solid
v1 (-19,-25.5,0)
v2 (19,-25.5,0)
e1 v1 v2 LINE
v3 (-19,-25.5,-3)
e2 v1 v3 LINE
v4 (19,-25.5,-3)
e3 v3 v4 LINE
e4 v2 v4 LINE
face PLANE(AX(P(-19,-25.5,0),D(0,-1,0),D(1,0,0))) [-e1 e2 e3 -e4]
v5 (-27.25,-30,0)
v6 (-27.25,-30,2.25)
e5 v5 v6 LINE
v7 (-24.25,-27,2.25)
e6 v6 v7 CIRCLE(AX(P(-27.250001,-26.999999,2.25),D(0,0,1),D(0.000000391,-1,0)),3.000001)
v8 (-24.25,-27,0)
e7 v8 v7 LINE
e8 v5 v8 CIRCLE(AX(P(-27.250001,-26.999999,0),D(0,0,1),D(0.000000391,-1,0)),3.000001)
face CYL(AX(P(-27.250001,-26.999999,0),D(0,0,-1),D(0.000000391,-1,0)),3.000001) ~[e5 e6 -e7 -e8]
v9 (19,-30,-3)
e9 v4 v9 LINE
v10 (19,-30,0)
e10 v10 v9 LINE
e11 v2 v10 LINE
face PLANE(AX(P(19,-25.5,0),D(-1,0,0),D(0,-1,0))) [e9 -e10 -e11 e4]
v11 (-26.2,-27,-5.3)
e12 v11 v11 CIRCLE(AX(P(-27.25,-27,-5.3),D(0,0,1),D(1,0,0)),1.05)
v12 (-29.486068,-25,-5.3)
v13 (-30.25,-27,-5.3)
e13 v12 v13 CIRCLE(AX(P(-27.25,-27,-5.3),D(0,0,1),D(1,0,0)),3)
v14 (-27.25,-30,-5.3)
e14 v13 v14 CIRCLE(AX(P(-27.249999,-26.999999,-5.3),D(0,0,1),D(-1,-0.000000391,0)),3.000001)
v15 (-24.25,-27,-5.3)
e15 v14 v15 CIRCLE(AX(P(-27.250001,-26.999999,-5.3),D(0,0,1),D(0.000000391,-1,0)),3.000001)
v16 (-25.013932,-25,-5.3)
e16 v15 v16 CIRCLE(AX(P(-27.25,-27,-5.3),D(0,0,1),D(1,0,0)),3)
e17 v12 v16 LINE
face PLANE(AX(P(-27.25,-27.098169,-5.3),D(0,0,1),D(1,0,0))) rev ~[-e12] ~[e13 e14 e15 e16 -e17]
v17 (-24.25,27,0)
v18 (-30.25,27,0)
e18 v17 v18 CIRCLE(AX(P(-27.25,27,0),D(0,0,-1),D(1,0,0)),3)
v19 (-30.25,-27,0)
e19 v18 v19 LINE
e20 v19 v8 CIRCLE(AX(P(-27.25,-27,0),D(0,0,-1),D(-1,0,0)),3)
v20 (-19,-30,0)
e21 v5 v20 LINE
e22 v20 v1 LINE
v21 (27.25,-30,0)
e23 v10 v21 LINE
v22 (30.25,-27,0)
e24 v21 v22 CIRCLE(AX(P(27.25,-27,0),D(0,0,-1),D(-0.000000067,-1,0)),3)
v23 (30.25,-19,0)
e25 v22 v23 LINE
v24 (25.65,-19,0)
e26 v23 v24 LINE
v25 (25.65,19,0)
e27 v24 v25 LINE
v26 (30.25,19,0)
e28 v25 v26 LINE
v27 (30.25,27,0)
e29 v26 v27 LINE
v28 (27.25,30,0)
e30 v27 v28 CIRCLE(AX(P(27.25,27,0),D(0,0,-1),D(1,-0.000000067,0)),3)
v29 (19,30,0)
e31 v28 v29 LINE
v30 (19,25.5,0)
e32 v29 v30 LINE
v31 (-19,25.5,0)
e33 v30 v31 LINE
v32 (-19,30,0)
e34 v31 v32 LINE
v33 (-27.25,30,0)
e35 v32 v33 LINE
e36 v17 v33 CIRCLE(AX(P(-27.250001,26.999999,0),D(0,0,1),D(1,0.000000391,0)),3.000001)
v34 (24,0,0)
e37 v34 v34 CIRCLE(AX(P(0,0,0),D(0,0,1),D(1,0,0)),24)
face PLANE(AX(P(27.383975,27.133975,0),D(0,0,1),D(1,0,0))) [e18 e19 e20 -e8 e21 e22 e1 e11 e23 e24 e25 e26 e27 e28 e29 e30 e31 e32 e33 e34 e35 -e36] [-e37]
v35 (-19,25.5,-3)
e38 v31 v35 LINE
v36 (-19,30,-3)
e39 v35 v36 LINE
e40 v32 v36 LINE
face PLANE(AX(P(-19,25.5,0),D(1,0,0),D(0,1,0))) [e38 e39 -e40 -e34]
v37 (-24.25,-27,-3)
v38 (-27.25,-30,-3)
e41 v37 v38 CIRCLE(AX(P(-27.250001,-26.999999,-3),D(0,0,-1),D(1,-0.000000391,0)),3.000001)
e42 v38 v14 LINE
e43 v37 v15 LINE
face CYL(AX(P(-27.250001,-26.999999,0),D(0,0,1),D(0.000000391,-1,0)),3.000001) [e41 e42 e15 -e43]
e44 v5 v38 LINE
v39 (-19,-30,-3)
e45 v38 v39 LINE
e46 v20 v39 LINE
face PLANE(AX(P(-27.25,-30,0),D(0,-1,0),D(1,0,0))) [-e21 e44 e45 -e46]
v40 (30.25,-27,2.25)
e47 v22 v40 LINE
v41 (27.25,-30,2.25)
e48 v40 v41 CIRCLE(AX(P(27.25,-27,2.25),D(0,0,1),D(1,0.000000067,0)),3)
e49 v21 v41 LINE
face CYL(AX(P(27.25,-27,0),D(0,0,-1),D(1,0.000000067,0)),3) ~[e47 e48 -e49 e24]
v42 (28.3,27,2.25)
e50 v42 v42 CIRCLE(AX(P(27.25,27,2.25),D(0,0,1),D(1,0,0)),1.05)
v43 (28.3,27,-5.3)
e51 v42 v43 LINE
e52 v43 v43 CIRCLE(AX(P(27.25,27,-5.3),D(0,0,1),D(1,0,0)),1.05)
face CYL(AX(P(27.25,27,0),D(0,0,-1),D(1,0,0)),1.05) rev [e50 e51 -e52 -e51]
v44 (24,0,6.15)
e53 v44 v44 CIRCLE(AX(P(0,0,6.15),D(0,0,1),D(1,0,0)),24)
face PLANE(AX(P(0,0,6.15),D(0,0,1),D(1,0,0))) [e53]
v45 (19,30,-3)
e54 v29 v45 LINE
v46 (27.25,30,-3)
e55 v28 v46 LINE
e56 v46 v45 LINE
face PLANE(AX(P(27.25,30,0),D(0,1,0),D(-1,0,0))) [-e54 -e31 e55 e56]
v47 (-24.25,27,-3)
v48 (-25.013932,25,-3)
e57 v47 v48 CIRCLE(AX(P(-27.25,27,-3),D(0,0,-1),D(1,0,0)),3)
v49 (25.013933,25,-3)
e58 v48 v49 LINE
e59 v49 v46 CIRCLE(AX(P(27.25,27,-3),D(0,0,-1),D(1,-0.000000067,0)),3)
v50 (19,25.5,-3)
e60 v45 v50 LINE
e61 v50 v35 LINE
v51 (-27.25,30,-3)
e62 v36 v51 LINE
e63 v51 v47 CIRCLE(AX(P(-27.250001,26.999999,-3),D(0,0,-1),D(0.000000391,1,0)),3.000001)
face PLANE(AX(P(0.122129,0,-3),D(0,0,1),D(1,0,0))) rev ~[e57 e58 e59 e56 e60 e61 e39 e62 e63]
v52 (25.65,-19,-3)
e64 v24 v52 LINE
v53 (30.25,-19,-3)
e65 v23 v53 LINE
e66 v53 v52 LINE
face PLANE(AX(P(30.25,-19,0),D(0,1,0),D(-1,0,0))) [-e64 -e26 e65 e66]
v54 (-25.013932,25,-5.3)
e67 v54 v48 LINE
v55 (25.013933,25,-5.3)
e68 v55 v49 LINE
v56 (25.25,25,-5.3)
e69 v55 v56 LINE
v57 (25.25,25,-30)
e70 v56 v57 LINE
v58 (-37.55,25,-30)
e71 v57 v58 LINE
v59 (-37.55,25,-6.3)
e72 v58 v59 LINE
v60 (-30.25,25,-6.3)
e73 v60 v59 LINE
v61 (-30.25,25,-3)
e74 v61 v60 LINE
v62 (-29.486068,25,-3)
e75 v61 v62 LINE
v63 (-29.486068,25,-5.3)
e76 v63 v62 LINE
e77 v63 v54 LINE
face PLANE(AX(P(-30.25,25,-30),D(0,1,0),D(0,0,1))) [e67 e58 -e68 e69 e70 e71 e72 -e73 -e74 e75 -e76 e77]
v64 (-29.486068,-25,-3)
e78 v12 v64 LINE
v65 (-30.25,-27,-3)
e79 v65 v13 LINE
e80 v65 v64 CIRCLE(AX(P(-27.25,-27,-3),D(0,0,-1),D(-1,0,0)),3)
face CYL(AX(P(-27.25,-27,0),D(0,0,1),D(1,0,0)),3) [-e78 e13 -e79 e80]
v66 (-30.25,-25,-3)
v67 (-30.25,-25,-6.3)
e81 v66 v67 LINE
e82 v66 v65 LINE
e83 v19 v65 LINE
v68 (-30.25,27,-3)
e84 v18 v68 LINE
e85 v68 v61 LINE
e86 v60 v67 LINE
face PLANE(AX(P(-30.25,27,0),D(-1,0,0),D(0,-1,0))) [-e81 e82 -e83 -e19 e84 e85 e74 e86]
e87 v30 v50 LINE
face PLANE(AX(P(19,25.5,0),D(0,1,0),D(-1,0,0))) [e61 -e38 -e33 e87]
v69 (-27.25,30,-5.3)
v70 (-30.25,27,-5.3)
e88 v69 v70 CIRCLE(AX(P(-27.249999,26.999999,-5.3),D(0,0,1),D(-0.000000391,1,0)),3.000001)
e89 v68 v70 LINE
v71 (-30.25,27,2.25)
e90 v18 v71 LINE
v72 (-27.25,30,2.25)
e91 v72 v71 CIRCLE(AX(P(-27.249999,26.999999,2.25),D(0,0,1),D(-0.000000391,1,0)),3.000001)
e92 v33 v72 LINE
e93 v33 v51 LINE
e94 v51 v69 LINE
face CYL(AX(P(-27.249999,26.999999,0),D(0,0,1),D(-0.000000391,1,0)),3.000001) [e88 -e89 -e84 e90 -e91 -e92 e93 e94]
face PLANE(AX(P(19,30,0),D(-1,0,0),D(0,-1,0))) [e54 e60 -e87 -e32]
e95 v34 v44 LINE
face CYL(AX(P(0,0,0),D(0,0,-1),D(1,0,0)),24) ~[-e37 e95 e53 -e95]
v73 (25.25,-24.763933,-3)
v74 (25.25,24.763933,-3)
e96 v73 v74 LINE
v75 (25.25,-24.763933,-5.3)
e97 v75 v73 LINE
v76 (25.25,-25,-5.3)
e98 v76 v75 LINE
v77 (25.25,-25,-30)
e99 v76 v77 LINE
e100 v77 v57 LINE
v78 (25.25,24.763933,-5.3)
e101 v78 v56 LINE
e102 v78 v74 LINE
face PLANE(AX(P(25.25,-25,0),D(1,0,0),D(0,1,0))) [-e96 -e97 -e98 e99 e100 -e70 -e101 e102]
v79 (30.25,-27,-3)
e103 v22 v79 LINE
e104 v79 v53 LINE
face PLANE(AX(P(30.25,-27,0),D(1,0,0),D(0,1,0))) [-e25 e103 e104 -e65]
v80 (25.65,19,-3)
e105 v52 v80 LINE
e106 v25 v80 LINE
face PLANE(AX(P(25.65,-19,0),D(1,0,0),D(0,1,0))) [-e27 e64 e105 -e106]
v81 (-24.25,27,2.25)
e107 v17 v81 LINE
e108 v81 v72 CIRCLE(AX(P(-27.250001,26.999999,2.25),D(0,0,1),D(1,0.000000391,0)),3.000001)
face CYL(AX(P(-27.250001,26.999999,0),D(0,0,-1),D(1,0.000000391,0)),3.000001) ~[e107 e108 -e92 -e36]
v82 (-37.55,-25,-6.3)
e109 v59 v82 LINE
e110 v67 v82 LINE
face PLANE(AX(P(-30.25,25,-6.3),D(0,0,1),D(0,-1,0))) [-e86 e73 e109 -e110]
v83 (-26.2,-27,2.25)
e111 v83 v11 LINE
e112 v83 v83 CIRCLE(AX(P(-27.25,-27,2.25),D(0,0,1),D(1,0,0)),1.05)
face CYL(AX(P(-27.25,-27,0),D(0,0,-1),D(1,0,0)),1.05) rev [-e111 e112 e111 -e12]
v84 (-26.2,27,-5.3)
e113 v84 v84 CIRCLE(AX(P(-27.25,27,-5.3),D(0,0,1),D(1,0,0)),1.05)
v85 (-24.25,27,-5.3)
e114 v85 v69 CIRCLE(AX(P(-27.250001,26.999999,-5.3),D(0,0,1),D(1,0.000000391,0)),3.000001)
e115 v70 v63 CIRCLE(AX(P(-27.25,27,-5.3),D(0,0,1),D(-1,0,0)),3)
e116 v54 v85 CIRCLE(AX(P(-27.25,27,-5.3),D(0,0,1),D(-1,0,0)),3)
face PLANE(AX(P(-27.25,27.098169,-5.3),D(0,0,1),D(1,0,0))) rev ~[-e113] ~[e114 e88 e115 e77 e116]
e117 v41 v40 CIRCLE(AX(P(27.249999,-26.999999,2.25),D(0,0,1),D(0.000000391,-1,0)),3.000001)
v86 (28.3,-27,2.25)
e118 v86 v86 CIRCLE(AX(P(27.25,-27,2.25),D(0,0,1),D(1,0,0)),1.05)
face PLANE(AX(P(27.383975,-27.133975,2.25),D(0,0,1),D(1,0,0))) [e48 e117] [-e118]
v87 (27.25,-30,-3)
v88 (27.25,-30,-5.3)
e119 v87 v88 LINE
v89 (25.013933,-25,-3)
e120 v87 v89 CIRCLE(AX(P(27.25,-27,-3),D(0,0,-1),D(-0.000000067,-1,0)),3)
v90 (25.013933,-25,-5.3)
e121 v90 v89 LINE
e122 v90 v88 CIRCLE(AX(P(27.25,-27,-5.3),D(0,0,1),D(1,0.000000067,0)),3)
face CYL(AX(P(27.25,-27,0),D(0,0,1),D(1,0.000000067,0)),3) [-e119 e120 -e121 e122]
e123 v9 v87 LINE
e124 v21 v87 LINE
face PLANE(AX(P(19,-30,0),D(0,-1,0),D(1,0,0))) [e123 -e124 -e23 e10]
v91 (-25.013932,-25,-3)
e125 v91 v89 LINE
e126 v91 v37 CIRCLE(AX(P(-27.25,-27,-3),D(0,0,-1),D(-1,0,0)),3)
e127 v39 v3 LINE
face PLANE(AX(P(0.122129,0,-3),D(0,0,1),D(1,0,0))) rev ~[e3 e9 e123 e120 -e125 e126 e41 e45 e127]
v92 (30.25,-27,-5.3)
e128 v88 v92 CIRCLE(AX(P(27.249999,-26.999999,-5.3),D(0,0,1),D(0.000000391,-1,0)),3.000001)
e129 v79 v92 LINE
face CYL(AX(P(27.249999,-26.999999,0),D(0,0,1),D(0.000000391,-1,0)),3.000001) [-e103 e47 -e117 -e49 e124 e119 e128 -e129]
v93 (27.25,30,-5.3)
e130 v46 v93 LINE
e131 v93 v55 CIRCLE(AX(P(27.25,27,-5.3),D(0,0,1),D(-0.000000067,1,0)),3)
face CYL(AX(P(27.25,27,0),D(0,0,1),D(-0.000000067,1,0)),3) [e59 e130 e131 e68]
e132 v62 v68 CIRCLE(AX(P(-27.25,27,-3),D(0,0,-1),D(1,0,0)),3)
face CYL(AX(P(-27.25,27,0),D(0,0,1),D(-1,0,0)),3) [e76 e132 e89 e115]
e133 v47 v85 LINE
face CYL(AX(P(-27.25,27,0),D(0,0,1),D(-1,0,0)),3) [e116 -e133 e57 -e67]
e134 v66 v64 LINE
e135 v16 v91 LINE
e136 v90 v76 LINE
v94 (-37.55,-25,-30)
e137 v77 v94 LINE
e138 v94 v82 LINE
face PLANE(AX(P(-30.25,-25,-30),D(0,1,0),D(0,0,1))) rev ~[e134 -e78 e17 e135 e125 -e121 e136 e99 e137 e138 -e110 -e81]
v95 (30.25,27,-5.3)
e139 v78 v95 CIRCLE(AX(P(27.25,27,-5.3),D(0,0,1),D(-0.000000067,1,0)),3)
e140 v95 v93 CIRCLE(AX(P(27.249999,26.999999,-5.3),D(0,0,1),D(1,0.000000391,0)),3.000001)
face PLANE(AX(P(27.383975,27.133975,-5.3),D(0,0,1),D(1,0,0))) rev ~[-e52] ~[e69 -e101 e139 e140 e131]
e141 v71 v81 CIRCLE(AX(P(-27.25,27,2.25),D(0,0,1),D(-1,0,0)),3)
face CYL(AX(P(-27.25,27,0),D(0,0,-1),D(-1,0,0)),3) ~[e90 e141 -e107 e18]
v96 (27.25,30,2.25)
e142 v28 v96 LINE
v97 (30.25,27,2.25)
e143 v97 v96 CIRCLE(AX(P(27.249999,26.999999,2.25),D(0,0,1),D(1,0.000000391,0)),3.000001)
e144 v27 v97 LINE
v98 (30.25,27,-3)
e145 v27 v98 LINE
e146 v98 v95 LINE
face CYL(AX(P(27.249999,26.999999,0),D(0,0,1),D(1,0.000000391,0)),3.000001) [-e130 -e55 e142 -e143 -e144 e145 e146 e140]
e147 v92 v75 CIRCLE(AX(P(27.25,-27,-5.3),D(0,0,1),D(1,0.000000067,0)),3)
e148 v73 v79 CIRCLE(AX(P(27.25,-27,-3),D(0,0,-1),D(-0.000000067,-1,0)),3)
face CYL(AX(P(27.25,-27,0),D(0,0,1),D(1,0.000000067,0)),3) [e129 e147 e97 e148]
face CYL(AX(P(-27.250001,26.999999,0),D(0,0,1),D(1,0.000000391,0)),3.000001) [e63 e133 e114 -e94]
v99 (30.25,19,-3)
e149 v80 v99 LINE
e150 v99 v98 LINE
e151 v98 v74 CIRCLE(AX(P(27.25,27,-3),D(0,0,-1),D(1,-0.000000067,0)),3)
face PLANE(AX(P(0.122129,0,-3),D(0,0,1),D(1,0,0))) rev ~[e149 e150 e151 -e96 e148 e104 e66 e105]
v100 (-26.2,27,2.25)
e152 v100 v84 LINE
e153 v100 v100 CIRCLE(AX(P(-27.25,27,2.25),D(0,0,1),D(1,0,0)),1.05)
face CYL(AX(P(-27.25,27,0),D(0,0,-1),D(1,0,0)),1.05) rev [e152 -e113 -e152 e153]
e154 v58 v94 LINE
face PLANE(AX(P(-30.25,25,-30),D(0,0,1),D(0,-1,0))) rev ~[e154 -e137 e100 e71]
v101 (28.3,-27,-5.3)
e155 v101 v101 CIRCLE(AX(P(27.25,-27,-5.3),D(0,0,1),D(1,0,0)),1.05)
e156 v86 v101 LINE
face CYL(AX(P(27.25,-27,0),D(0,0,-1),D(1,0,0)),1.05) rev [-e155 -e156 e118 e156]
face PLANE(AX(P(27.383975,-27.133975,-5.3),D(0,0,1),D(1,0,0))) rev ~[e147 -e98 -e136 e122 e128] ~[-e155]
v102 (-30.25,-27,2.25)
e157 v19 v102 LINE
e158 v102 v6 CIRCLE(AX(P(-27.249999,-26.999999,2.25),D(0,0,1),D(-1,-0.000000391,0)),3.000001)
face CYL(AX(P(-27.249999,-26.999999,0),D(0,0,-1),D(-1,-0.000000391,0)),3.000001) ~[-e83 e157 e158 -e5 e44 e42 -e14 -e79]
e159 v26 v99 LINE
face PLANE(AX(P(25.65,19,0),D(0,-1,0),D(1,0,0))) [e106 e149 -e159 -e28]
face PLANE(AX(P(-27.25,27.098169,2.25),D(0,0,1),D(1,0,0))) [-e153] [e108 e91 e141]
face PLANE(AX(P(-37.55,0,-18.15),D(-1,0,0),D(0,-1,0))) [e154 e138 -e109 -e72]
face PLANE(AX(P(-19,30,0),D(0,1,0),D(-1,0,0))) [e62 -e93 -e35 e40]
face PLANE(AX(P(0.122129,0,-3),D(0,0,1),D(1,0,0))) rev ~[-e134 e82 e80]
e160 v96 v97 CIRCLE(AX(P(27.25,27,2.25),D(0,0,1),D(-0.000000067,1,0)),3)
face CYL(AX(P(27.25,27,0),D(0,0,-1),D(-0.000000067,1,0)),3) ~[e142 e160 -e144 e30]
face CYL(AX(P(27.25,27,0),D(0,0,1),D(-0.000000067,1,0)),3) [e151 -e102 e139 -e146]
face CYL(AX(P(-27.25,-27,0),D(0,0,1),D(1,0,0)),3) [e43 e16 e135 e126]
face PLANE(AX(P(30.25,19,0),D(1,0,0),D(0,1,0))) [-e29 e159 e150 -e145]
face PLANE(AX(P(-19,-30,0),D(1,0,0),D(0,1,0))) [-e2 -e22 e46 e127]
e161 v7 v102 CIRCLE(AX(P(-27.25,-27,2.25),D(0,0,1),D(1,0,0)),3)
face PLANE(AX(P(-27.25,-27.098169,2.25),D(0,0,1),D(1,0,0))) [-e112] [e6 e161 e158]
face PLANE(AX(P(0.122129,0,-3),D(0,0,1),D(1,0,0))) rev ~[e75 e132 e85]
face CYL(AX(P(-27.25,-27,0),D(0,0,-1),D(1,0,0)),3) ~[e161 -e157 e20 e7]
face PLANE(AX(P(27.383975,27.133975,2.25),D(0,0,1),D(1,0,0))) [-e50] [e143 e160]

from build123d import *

# Parameters (mm, degrees)
F0_R      = 24
F1_DEPTH  = 6.15
F0_R_2    = 1.05
F2_DEPTH  = 2.25
F3_DEPTH  = 5.3
F4_DEPTH  = 3
F6_W      = 55.5
F6_H      = 50
F7_DEPTH  = 30
F9_W      = 50
F9_H      = 23.7
F10_DEPTH = 7.3


with BuildPart() as f1:
    # F0 (on Top) → F1 (new body)
    with BuildSketch(Plane.XY):
        Circle(F0_R)
    extrude(amount=F1_DEPTH)


with BuildPart() as f2:
    # F0 (on Top) → F2 (new body)
    with BuildSketch(Plane.XY):
        with BuildLine():
            ThreePointArc((27.25, -30), (29.37132, -29.12132), (30.25, -27))
            ThreePointArc((30.25, -27), (25.12868, -24.87868), (27.25, -30))
        make_face()
        with Locations((27.25, -27)):
            Circle(F0_R_2, mode=Mode.SUBTRACT)
        with BuildLine():
            ThreePointArc((30.25, 27), (29.37132, 29.12132), (27.25, 30))
            ThreePointArc((27.25, 30), (25.12868, 24.87868), (30.25, 27))
        make_face()
        with Locations((27.25, 27)):
            Circle(F0_R_2, mode=Mode.SUBTRACT)
        with BuildLine():
            ThreePointArc((-24.25, 27), (-25.12868, 29.12132), (-27.25, 30))
            ThreePointArc((-27.25, 30), (-29.37132, 29.12132), (-30.25, 27))
            ThreePointArc((-30.25, 27), (-27.25, 24), (-24.25, 27))
        make_face()
        with Locations((-27.25, 27)):
            Circle(F0_R_2, mode=Mode.SUBTRACT)
        with BuildLine():
            ThreePointArc((-24.25, -27), (-27.25, -24), (-30.25, -27))
            ThreePointArc((-30.25, -27), (-29.37132, -29.12132), (-27.25, -30))
            ThreePointArc((-27.25, -30), (-25.12868, -29.12132), (-24.25, -27))
        make_face()
        with Locations((-27.25, -27)):
            Circle(F0_R_2, mode=Mode.SUBTRACT)
    extrude(amount=F2_DEPTH)


with BuildPart() as f3:
    # F0 (on Top) → F3 (new body)
    with BuildSketch(Plane.XY):
        with BuildLine():
            ThreePointArc((-24.25, -27), (-27.25, -24), (-30.25, -27))
            ThreePointArc((-30.25, -27), (-29.37132, -29.12132), (-27.25, -30))
            ThreePointArc((-27.25, -30), (-25.12868, -29.12132), (-24.25, -27))
        make_face()
        with Locations((-27.25, -27)):
            Circle(F0_R_2, mode=Mode.SUBTRACT)
        with BuildLine():
            ThreePointArc((-24.25, 27), (-25.12868, 29.12132), (-27.25, 30))
            ThreePointArc((-27.25, 30), (-29.37132, 29.12132), (-30.25, 27))
            ThreePointArc((-30.25, 27), (-27.25, 24), (-24.25, 27))
        make_face()
        with Locations((-27.25, 27)):
            Circle(F0_R_2, mode=Mode.SUBTRACT)
        with BuildLine():
            ThreePointArc((27.25, -30), (29.37132, -29.12132), (30.25, -27))
            ThreePointArc((30.25, -27), (25.12868, -24.87868), (27.25, -30))
        make_face()
        with Locations((27.25, -27)):
            Circle(F0_R_2, mode=Mode.SUBTRACT)
        with BuildLine():
            ThreePointArc((30.25, 27), (29.37132, 29.12132), (27.25, 30))
            ThreePointArc((27.25, 30), (25.12868, 24.87868), (30.25, 27))
        make_face()
        with Locations((27.25, 27)):
            Circle(F0_R_2, mode=Mode.SUBTRACT)
    extrude(amount=-F3_DEPTH)


with BuildPart() as f4:
    # F0 (on Top) → F4 (new body)
    with BuildSketch(Plane.XY):
        with BuildLine():
            ThreePointArc((30.25, 27), (25.12868, 24.87868), (27.25, 30))
            Line((27.25, 30), (19, 30))
            Line((19, 30), (19, 25.5))
            Line((19, 25.5), (-19, 25.5))
            Line((-19, 25.5), (-19, 30))
            Line((-19, 30), (-27.25, 30))
            ThreePointArc((-27.25, 30), (-25.12868, 29.12132), (-24.25, 27))
            ThreePointArc((-24.25, 27), (-27.25, 24), (-30.25, 27))
            Line((-30.25, 27), (-30.25, -27))
            ThreePointArc((-30.25, -27), (-27.25, -24), (-24.25, -27))
            ThreePointArc((-24.25, -27), (-25.12868, -29.12132), (-27.25, -30))
            Line((-27.25, -30), (-19, -30))
            Line((-19, -30), (-19, -25.5))
            Line((-19, -25.5), (19, -25.5))
            Line((19, -25.5), (19, -30))
            Line((19, -30), (27.25, -30))
            ThreePointArc((27.25, -30), (25.12868, -24.87868), (30.25, -27))
            Line((30.25, -27), (30.25, -19))
            Line((30.25, -19), (25.65, -19))
            Line((25.65, -19), (25.65, 19))
            Line((25.65, 19), (30.25, 19))
            Line((30.25, 19), (30.25, 27))
        make_face()
        Circle(F0_R, mode=Mode.SUBTRACT)
    extrude(amount=-F4_DEPTH)

    # F5: union F3, F2, F1
    add(f3.part)
    add(f2.part)
    add(f1.part)


with BuildPart() as f7:
    # F6 (on face) → F7 (new body)
    with BuildSketch(Plane.XY):
        with Locations((-2.5, 0)):
            Rectangle(F6_W, F6_H)
    extrude(amount=-F7_DEPTH)


with BuildPart() as f4_1:
    add(f4.part)

    # F8: union F7
    add(f7.part)

    # F9 (on face) → F10 (join)
    with BuildSketch(Plane(origin=(-30.25, 0, 0), x_dir=(0, -1, 0), z_dir=(-1, 0, 0))):
        with Locations((0, -18.15)):
            Rectangle(F9_W, F9_H)
    extrude(amount=F10_DEPTH)


solid = f4_1.part
